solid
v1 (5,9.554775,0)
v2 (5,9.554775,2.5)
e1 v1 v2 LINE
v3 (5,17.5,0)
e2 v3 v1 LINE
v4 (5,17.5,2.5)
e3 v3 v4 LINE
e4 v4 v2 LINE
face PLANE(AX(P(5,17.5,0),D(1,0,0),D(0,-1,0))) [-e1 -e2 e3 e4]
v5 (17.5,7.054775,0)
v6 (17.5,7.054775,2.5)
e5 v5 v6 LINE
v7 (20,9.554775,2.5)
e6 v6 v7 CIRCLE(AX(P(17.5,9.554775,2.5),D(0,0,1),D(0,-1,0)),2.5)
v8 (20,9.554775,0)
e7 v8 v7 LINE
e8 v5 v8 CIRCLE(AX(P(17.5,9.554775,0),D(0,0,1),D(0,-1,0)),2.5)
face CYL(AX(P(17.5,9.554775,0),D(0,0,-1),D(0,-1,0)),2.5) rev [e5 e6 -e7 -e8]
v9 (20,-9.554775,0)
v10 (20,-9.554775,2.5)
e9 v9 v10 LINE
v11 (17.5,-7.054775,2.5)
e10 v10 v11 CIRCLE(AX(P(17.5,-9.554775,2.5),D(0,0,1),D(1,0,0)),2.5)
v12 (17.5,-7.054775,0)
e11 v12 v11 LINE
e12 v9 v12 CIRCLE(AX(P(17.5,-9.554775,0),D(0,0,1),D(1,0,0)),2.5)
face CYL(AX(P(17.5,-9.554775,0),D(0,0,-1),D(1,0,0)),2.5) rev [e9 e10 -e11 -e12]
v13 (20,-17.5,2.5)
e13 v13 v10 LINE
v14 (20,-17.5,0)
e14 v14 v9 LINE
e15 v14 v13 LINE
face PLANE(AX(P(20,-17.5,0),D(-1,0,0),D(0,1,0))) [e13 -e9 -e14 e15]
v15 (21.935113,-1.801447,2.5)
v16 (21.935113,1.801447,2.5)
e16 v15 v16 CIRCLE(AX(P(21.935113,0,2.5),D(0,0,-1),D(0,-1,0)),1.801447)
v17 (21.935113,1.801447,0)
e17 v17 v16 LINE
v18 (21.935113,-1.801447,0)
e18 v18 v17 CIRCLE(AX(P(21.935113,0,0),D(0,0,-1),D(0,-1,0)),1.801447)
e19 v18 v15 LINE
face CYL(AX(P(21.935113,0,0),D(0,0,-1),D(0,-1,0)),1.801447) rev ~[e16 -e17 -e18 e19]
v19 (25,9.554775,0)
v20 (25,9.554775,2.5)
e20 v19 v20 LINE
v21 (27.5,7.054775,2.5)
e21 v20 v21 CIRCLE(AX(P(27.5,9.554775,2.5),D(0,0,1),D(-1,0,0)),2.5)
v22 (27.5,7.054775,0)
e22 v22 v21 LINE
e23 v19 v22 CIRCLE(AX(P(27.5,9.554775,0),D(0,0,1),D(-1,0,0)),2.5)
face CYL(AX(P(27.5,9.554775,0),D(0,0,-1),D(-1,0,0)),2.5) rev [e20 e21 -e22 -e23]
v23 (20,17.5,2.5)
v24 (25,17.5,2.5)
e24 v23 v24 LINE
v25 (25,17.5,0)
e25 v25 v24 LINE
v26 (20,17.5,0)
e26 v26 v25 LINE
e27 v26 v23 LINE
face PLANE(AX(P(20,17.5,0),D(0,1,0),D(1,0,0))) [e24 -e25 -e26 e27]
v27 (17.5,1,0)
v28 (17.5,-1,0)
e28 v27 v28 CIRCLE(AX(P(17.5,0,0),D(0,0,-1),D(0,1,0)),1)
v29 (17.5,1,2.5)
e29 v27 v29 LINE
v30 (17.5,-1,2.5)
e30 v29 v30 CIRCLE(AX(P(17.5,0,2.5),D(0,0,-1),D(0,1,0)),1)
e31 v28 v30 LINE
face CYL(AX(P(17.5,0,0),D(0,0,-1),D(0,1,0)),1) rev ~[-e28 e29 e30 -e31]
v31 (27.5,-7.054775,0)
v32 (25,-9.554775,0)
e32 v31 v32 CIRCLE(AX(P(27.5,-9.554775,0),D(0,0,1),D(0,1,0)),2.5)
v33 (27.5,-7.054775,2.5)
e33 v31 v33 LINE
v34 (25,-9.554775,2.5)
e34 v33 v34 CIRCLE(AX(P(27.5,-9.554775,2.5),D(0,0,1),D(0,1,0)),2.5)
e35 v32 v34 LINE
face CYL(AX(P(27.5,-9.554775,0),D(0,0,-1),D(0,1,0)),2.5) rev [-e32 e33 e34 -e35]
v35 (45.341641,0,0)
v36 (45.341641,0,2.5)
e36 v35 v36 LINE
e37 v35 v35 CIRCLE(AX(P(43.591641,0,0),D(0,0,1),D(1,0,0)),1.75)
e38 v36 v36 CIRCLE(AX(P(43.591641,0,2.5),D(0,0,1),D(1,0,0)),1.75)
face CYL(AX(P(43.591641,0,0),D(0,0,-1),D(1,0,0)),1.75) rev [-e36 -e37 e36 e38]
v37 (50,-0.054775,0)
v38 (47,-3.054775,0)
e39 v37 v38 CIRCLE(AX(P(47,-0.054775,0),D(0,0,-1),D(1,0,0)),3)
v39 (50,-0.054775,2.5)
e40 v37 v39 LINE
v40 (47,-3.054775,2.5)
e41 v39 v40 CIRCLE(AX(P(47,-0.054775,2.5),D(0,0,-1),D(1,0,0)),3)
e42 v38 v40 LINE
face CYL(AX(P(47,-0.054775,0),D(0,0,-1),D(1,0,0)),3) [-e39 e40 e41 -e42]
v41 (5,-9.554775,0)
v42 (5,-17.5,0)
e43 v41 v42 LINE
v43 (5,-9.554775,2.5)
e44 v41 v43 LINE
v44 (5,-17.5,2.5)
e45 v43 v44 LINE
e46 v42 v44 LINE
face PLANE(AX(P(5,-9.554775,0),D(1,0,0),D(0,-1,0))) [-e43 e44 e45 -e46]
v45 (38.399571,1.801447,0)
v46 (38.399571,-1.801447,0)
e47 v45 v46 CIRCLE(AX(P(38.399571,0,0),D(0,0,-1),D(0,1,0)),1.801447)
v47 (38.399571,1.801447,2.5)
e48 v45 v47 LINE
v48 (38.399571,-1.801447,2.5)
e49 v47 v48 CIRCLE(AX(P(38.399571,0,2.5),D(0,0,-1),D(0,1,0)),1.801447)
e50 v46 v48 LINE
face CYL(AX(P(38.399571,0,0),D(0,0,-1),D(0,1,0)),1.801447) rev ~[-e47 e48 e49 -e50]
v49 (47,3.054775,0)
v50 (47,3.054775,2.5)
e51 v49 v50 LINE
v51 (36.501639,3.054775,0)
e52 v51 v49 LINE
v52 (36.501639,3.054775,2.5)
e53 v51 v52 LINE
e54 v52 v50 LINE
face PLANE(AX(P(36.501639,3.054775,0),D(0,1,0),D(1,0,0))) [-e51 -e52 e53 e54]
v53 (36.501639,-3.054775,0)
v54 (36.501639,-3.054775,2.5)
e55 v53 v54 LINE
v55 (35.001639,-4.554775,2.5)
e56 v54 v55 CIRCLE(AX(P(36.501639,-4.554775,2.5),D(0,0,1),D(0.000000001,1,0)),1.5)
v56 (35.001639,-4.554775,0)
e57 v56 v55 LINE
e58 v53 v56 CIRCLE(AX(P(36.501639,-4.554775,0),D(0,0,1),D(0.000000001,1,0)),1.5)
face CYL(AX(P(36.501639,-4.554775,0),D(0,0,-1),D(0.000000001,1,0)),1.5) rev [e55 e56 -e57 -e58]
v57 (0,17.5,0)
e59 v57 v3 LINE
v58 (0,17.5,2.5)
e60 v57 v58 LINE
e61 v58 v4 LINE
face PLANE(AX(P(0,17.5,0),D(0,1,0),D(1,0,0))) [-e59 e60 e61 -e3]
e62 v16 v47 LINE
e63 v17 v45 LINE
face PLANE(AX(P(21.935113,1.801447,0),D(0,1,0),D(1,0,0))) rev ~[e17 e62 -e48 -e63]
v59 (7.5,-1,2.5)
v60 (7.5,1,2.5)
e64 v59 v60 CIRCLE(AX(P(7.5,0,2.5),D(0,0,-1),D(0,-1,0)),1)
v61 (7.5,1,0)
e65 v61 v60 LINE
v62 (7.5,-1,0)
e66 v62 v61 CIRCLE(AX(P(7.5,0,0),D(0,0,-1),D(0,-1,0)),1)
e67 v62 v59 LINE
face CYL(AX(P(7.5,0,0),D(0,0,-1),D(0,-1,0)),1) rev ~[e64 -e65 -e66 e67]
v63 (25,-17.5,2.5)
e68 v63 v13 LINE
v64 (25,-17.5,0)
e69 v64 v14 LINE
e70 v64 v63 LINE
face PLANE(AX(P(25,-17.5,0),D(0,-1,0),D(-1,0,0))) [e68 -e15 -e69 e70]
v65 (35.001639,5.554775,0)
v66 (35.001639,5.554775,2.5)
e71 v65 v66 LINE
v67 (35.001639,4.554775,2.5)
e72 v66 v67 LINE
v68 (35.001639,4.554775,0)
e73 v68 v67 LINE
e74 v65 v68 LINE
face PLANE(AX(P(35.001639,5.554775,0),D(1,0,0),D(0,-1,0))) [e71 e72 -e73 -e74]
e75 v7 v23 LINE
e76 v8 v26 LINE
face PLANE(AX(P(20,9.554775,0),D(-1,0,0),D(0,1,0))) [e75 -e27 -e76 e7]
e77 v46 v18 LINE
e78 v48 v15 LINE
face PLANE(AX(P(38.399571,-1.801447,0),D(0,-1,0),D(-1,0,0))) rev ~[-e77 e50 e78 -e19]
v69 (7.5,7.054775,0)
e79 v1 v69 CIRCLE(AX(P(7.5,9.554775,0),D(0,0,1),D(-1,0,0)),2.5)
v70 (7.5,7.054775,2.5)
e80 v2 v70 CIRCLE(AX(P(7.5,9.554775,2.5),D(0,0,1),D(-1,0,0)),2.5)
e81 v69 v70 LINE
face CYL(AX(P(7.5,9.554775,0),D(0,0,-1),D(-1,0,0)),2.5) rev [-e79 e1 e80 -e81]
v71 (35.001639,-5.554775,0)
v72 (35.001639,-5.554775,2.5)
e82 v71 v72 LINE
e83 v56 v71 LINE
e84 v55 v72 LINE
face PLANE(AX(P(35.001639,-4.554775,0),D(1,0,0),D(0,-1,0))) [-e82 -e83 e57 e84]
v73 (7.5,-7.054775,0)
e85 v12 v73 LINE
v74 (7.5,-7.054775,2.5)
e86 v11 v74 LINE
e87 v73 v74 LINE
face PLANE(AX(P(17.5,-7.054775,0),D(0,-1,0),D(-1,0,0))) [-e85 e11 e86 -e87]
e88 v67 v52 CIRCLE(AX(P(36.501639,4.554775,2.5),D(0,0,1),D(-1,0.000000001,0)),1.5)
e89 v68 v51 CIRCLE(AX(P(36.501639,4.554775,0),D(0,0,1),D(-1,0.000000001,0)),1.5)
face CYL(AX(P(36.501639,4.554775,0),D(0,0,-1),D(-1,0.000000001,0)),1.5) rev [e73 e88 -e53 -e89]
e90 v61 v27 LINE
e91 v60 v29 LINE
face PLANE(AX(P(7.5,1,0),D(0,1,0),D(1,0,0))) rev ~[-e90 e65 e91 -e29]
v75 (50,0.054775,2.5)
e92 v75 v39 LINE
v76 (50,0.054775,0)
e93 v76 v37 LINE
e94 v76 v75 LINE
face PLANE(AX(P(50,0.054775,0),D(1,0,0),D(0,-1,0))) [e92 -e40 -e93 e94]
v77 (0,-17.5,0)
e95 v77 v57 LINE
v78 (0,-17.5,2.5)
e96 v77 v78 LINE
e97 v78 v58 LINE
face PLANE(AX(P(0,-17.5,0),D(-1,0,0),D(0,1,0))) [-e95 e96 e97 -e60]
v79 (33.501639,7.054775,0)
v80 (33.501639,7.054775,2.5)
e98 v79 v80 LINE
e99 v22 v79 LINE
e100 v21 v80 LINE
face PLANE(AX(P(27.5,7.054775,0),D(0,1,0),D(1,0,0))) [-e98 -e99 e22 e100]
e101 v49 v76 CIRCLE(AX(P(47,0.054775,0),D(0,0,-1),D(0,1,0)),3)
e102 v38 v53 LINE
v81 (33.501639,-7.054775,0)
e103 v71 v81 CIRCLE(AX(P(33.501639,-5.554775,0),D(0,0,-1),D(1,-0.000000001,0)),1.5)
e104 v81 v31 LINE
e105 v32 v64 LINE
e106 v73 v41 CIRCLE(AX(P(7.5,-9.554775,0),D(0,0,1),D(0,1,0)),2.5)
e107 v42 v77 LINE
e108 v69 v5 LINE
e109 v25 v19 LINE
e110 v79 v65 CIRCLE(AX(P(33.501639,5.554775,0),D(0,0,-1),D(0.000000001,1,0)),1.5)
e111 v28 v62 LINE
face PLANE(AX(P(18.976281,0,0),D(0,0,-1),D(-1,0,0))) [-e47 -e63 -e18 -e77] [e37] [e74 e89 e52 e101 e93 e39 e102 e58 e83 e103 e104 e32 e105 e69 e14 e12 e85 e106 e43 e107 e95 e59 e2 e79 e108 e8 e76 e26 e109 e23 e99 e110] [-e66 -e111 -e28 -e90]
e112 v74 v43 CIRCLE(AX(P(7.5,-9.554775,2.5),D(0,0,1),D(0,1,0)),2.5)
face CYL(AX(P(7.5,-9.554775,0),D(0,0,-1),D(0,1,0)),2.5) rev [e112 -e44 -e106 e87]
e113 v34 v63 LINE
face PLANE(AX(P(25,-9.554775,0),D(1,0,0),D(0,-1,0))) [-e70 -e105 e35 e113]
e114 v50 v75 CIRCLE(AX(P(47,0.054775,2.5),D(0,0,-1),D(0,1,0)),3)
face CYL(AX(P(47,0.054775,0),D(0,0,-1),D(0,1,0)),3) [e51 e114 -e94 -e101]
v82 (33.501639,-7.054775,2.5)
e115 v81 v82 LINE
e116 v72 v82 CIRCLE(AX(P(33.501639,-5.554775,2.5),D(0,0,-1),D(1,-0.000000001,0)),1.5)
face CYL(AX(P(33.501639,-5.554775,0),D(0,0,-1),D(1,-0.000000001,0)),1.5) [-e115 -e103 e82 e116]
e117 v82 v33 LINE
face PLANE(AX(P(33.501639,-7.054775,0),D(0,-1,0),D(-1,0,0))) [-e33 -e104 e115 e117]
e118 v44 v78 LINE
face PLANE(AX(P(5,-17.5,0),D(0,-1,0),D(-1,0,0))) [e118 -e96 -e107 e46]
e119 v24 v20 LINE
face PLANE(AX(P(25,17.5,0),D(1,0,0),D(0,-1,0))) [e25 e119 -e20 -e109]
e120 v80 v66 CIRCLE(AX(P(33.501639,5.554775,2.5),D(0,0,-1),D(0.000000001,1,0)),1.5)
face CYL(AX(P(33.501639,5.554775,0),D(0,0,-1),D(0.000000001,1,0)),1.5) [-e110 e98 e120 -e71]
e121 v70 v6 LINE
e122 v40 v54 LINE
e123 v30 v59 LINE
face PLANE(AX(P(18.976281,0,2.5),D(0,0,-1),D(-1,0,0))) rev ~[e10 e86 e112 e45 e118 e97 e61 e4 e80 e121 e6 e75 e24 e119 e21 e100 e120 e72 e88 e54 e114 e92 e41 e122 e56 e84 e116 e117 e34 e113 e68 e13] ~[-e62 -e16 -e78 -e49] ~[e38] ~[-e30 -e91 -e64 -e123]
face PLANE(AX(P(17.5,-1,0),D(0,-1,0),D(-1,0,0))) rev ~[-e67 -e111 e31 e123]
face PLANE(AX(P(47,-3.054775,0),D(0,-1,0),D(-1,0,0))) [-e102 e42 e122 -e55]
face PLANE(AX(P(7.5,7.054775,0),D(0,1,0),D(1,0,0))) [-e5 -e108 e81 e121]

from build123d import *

# Parameters (mm, degrees)
SKETCH1_R           = 1.75
BOSS_EXTRUDE1_DEPTH = 2.5


with BuildPart() as part:
    # Sketch1 → Boss-Extrude1 (new body)
    with BuildSketch(Plane.XY):
        with BuildLine():
            Line((0, -17.5), (0, 17.5))
            Line((0, 17.5), (5, 17.5))
            Line((5, 17.5), (5, 9.554775034))
            ThreePointArc((5, 9.554775034), (5.732233047, 7.787008081), (7.5, 7.054775034))
            Line((7.5, 7.054775034), (17.5, 7.054775034))
            ThreePointArc((17.5, 7.054775034), (19.267766953, 7.787008081), (20, 9.554775034))
            Line((20, 9.554775034), (20, 17.5))
            Line((20, 17.5), (25, 17.5))
            Line((25, 17.5), (25, 9.554775034))
            ThreePointArc((25, 9.554775034), (25.732233047, 7.787008081), (27.5, 7.054775034))
            Line((27.5, 7.054775034), (33.501638743, 7.054775034))
            ThreePointArc((33.501638743, 7.054775034), (34.562298915, 6.615435205), (35.001638743, 5.554775034))
            Line((35.001638743, 5.554775034), (35.001638743, 4.554775034))
            ThreePointArc((35.001638743, 4.554775034), (35.440978571, 3.494114862), (36.501638743, 3.054775034))
            Line((36.501638743, 3.054775034), (47, 3.054775034))
            ThreePointArc((47, 3.054775034), (49.121320344, 2.176095377), (50, 0.054775034))
            Line((50, 0.054775034), (50, -0.054775034))
            ThreePointArc((50, -0.054775034), (49.121320344, -2.176095377), (47, -3.054775034))
            Line((47, -3.054775034), (36.501638743, -3.054775034))
            ThreePointArc((36.501638743, -3.054775034), (35.440978571, -3.494114862), (35.001638743, -4.554775034))
            Line((35.001638743, -4.554775034), (35.001638743, -5.554775034))
            ThreePointArc((35.001638743, -5.554775034), (34.562298915, -6.615435205), (33.501638743, -7.054775034))
            Line((33.501638743, -7.054775034), (27.5, -7.054775034))
            ThreePointArc((27.5, -7.054775034), (25.732233047, -7.787008081), (25, -9.554775034))
            Line((25, -9.554775034), (25, -17.5))
            Line((25, -17.5), (20, -17.5))
            Line((20, -17.5), (20, -9.554775034))
            ThreePointArc((20, -9.554775034), (19.267766953, -7.787008081), (17.5, -7.054775034))
            Line((17.5, -7.054775034), (7.5, -7.054775034))
            ThreePointArc((7.5, -7.054775034), (5.732233047, -7.787008081), (5, -9.554775034))
            Line((5, -9.554775034), (5, -17.5))
            Line((5, -17.5), (0, -17.5))
        make_face()
        with Locations((43.591641256, 0)):
            Circle(SKETCH1_R, mode=Mode.SUBTRACT)
        with BuildLine():
            Line((7.5, 1), (17.5, 1))
            ThreePointArc((17.5, 1), (18.5, 0), (17.5, -1))
            Line((17.5, -1), (7.5, -1))
            ThreePointArc((7.5, -1), (6.5, 0), (7.5, 1))
        make_face(mode=Mode.SUBTRACT)
        with BuildLine():
            Line((21.935113123, 1.8014467), (38.399570766, 1.8014467))
            ThreePointArc((38.399570766, 1.8014467), (40.201017466, 0), (38.399570766, -1.8014467))
            Line((38.399570766, -1.8014467), (21.935113123, -1.8014467))
            ThreePointArc((21.935113123, -1.8014467), (20.133666423, 0), (21.935113123, 1.8014467))
        make_face(mode=Mode.SUBTRACT)
    extrude(amount=BOSS_EXTRUDE1_DEPTH)


solid = part.part
